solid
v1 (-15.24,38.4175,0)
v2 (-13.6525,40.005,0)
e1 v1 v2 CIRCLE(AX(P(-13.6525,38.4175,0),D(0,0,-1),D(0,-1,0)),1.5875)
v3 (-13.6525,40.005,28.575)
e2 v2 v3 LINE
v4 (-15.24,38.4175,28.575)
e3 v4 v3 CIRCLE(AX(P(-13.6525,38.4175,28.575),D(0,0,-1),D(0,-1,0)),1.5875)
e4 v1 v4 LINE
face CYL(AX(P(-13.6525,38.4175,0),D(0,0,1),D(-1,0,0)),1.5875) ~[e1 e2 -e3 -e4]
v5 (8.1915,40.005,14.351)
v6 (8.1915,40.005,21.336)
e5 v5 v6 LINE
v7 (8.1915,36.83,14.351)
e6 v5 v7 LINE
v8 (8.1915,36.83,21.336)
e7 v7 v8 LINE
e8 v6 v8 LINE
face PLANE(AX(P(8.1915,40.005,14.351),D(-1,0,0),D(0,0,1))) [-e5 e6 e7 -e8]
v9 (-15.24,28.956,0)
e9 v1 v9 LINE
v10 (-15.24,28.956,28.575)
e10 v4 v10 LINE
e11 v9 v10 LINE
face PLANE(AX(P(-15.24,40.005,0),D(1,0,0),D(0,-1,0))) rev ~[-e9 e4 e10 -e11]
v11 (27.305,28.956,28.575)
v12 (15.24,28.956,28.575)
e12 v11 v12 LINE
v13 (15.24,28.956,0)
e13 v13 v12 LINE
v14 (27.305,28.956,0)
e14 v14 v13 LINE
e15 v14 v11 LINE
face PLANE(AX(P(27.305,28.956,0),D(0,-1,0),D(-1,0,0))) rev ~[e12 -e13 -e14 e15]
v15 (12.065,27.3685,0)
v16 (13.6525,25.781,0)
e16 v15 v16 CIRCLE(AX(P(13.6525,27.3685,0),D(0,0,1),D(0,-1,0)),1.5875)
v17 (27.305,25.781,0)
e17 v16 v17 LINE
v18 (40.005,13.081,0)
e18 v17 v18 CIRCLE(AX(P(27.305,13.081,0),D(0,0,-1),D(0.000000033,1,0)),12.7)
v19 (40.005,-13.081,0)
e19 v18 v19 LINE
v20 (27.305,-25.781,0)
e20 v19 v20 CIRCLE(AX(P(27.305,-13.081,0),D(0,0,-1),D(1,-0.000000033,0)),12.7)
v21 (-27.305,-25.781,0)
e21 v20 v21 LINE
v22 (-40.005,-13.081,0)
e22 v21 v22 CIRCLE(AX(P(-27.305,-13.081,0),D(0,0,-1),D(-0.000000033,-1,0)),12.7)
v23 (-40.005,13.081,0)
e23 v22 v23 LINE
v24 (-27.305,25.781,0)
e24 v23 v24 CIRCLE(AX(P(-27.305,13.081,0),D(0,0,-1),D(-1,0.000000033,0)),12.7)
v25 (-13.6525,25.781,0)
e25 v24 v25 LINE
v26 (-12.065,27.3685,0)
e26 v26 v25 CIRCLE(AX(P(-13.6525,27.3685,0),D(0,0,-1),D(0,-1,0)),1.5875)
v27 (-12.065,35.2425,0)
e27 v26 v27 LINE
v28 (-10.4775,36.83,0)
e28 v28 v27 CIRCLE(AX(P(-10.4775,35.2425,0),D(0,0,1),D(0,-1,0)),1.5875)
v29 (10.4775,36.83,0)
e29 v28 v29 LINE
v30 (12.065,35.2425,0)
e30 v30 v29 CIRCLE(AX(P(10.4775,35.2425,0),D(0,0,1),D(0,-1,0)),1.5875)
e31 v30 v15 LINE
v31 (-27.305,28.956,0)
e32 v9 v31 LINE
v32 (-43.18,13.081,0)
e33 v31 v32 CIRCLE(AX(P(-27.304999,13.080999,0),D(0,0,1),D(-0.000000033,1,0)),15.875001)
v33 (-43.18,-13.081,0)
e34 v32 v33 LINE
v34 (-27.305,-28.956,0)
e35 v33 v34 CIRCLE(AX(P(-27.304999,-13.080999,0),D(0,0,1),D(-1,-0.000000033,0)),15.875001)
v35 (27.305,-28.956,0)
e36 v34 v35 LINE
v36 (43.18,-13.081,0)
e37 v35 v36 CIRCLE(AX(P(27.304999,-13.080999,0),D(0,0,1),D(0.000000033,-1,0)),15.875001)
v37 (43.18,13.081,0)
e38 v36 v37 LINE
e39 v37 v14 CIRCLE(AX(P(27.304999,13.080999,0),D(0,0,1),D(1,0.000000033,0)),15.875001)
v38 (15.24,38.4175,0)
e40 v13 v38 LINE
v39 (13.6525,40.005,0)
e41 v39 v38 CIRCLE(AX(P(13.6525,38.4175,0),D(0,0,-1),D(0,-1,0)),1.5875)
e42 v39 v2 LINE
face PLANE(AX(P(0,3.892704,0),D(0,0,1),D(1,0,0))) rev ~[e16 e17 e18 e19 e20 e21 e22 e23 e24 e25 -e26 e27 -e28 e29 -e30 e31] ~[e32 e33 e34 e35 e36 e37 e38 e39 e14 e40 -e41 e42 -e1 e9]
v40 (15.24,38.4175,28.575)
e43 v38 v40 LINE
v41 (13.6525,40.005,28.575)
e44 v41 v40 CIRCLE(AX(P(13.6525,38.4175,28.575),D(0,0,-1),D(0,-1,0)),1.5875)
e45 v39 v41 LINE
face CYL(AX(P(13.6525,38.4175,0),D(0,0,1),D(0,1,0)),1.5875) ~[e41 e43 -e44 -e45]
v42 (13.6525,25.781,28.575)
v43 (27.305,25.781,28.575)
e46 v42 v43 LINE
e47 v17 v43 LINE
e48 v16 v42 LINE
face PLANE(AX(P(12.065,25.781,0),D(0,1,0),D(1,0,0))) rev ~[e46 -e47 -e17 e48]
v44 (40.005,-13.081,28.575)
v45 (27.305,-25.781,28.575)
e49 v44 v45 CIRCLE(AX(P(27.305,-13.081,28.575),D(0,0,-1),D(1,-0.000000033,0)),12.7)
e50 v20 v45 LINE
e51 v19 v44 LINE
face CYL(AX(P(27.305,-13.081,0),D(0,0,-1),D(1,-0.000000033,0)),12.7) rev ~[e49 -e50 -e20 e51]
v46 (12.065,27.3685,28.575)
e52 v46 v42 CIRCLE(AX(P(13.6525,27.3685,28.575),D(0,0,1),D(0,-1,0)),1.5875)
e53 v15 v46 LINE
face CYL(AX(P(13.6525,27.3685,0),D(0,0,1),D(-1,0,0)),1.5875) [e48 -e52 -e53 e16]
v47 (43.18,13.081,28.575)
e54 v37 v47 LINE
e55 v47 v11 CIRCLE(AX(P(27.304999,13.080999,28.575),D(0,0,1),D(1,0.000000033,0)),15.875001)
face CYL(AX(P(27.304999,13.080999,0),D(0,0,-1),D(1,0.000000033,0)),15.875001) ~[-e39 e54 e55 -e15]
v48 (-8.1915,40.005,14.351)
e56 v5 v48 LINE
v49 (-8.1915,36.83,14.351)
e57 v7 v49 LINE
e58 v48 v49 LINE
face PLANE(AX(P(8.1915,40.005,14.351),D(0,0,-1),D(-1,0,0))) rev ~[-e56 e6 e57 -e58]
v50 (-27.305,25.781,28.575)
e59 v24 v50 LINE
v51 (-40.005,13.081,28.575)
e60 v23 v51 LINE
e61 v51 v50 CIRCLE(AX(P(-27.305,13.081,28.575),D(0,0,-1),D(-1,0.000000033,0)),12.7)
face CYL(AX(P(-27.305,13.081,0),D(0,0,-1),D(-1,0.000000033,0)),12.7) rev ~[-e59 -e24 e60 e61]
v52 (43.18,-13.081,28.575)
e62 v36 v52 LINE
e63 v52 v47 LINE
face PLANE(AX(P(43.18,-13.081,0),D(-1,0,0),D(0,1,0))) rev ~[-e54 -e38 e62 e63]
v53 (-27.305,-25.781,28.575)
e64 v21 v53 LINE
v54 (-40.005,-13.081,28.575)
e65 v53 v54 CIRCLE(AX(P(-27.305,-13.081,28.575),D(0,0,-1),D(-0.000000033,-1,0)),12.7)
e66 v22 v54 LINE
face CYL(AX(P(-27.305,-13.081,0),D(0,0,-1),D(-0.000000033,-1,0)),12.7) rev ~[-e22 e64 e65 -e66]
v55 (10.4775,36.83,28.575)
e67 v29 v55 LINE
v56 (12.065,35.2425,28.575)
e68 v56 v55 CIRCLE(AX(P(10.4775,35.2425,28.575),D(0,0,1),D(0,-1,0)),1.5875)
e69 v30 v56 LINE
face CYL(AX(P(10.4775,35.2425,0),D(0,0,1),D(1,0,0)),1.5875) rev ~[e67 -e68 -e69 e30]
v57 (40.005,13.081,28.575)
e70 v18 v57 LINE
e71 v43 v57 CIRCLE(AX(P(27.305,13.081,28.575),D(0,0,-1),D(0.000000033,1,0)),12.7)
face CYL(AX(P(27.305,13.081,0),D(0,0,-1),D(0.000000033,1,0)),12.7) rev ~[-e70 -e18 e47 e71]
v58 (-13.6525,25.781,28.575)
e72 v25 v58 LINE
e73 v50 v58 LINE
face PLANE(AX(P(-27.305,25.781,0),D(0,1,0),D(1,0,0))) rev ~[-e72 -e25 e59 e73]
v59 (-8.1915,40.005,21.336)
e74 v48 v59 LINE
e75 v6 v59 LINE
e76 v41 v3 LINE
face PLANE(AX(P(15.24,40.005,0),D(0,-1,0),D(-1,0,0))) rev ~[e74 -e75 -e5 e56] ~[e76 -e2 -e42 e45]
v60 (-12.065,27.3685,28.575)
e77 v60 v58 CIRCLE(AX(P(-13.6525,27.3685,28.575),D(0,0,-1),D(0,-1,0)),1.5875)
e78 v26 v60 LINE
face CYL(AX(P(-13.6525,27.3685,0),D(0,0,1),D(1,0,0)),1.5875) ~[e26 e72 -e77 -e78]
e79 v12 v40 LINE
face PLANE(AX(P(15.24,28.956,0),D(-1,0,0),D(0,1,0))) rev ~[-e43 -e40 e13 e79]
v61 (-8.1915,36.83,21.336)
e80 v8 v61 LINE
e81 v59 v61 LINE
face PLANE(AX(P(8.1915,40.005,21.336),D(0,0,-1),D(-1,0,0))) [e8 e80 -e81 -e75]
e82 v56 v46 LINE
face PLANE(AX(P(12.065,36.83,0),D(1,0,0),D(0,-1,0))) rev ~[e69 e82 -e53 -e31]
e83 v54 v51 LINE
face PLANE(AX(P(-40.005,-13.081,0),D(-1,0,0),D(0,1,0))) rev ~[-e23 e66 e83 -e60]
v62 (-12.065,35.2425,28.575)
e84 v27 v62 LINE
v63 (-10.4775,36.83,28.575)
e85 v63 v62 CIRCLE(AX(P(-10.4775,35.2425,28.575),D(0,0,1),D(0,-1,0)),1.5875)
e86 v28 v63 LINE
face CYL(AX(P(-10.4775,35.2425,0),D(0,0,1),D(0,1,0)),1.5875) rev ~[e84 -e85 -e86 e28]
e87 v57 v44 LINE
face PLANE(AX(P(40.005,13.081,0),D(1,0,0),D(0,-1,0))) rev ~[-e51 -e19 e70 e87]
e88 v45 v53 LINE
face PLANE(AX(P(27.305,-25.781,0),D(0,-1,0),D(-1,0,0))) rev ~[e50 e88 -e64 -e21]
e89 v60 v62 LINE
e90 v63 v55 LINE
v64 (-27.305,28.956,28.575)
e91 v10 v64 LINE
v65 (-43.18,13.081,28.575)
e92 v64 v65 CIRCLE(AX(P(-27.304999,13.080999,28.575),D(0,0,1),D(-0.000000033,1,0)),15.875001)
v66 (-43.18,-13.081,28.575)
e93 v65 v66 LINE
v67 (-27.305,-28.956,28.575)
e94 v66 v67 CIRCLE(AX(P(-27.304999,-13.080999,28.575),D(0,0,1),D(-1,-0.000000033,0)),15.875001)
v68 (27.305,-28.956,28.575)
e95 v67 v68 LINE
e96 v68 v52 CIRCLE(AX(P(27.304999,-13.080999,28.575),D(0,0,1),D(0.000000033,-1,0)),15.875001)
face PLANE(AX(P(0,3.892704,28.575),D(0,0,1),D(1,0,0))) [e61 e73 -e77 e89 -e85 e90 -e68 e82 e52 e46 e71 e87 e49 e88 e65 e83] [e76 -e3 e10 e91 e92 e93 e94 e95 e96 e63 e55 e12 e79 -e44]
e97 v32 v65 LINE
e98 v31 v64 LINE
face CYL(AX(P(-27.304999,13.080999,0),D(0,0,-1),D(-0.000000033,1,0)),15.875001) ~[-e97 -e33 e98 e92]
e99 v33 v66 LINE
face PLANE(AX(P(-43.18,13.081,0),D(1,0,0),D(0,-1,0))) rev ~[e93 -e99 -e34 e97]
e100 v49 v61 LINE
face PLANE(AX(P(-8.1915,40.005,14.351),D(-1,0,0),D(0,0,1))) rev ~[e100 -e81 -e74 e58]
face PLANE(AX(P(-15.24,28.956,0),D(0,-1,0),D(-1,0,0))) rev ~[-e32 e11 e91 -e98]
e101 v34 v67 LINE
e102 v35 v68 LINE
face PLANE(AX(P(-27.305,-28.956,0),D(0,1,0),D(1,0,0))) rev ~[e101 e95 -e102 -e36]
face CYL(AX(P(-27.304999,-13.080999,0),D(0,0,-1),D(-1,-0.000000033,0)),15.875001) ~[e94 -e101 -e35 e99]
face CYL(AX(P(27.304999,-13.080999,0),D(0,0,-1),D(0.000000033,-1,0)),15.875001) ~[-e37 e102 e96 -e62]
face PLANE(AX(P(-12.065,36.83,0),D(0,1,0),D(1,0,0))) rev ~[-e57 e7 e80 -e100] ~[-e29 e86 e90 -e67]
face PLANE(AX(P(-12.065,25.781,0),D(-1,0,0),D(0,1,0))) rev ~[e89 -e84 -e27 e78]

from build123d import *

# Parameters (mm, degrees)
F1_DEPTH = 28.575
F2_W     = 16.383
F2_H     = 6.985
F3_DEPTH = 3.175
F4_R     = 1.5875


with BuildPart() as f1:
    # F0 (on Top) → F1 (new body)
    with BuildSketch(Plane.XY):
        with BuildLine():
            Line((-15.24, 40.005), (-15.24, 28.956))
            Line((-15.24, 28.956), (-27.305, 28.956))
            ThreePointArc((-27.305, 28.956), (-38.53032, 24.30632), (-43.18, 13.081))
            Line((-43.18, 13.081), (-43.18, -13.081))
            ThreePointArc((-43.18, -13.081), (-38.53032, -24.30632), (-27.305, -28.956))
            Line((-27.305, -28.956), (27.305, -28.956))
            ThreePointArc((27.305, -28.956), (38.53032, -24.30632), (43.18, -13.081))
            Line((43.18, -13.081), (43.18, 13.081))
            ThreePointArc((43.18, 13.081), (38.53032, 24.30632), (27.305, 28.956))
            Line((27.305, 28.956), (15.24, 28.956))
            Line((15.24, 28.956), (15.24, 40.005))
            Line((15.24, 40.005), (-15.24, 40.005))
        make_face()
        with BuildLine():
            Line((12.065, 25.781), (27.305, 25.781))
            ThreePointArc((27.305, 25.781), (36.285256, 22.061256), (40.005, 13.081))
            Line((40.005, 13.081), (40.005, -13.081))
            ThreePointArc((40.005, -13.081), (36.285256, -22.061256), (27.305, -25.781))
            Line((27.305, -25.781), (-27.305, -25.781))
            ThreePointArc((-27.305, -25.781), (-36.285256, -22.061256), (-40.005, -13.081))
            Line((-40.005, -13.081), (-40.005, 13.081))
            ThreePointArc((-40.005, 13.081), (-36.285256, 22.061256), (-27.305, 25.781))
            Line((-27.305, 25.781), (-12.065, 25.781))
            Line((-12.065, 25.781), (-12.065, 36.83))
            Line((-12.065, 36.83), (12.065, 36.83))
            Line((12.065, 36.83), (12.065, 25.781))
        make_face(mode=Mode.SUBTRACT)
    extrude(amount=F1_DEPTH)

    # F2 (on face) → F3 (cut, through all)
    with BuildSketch(Plane(origin=(0, 40.005, 0), x_dir=(-1, 0, 0), z_dir=(0, 1, 0))):
        with Locations((0, 17.8435)):
            Rectangle(F2_W, F2_H)
    extrude(amount=-F3_DEPTH, mode=Mode.SUBTRACT)

    # F4
    f4_edges = [f1.edges().sort_by_distance(p)[0] for p in [
        (-12.065, 25.781, 14.2875),
        (-12.065, 36.83, 14.2875),
        (12.065, 25.781, 14.2875),
        (12.065, 36.83, 14.2875),
        (15.24, 40.005, 14.2875),
        (-15.24, 40.005, 14.2875),
    ]]
    fillet(f4_edges, radius=F4_R)


with BuildPart() as f5_1:
    # F5: copy of F1
    add(f1.part)


solid = f1.part
